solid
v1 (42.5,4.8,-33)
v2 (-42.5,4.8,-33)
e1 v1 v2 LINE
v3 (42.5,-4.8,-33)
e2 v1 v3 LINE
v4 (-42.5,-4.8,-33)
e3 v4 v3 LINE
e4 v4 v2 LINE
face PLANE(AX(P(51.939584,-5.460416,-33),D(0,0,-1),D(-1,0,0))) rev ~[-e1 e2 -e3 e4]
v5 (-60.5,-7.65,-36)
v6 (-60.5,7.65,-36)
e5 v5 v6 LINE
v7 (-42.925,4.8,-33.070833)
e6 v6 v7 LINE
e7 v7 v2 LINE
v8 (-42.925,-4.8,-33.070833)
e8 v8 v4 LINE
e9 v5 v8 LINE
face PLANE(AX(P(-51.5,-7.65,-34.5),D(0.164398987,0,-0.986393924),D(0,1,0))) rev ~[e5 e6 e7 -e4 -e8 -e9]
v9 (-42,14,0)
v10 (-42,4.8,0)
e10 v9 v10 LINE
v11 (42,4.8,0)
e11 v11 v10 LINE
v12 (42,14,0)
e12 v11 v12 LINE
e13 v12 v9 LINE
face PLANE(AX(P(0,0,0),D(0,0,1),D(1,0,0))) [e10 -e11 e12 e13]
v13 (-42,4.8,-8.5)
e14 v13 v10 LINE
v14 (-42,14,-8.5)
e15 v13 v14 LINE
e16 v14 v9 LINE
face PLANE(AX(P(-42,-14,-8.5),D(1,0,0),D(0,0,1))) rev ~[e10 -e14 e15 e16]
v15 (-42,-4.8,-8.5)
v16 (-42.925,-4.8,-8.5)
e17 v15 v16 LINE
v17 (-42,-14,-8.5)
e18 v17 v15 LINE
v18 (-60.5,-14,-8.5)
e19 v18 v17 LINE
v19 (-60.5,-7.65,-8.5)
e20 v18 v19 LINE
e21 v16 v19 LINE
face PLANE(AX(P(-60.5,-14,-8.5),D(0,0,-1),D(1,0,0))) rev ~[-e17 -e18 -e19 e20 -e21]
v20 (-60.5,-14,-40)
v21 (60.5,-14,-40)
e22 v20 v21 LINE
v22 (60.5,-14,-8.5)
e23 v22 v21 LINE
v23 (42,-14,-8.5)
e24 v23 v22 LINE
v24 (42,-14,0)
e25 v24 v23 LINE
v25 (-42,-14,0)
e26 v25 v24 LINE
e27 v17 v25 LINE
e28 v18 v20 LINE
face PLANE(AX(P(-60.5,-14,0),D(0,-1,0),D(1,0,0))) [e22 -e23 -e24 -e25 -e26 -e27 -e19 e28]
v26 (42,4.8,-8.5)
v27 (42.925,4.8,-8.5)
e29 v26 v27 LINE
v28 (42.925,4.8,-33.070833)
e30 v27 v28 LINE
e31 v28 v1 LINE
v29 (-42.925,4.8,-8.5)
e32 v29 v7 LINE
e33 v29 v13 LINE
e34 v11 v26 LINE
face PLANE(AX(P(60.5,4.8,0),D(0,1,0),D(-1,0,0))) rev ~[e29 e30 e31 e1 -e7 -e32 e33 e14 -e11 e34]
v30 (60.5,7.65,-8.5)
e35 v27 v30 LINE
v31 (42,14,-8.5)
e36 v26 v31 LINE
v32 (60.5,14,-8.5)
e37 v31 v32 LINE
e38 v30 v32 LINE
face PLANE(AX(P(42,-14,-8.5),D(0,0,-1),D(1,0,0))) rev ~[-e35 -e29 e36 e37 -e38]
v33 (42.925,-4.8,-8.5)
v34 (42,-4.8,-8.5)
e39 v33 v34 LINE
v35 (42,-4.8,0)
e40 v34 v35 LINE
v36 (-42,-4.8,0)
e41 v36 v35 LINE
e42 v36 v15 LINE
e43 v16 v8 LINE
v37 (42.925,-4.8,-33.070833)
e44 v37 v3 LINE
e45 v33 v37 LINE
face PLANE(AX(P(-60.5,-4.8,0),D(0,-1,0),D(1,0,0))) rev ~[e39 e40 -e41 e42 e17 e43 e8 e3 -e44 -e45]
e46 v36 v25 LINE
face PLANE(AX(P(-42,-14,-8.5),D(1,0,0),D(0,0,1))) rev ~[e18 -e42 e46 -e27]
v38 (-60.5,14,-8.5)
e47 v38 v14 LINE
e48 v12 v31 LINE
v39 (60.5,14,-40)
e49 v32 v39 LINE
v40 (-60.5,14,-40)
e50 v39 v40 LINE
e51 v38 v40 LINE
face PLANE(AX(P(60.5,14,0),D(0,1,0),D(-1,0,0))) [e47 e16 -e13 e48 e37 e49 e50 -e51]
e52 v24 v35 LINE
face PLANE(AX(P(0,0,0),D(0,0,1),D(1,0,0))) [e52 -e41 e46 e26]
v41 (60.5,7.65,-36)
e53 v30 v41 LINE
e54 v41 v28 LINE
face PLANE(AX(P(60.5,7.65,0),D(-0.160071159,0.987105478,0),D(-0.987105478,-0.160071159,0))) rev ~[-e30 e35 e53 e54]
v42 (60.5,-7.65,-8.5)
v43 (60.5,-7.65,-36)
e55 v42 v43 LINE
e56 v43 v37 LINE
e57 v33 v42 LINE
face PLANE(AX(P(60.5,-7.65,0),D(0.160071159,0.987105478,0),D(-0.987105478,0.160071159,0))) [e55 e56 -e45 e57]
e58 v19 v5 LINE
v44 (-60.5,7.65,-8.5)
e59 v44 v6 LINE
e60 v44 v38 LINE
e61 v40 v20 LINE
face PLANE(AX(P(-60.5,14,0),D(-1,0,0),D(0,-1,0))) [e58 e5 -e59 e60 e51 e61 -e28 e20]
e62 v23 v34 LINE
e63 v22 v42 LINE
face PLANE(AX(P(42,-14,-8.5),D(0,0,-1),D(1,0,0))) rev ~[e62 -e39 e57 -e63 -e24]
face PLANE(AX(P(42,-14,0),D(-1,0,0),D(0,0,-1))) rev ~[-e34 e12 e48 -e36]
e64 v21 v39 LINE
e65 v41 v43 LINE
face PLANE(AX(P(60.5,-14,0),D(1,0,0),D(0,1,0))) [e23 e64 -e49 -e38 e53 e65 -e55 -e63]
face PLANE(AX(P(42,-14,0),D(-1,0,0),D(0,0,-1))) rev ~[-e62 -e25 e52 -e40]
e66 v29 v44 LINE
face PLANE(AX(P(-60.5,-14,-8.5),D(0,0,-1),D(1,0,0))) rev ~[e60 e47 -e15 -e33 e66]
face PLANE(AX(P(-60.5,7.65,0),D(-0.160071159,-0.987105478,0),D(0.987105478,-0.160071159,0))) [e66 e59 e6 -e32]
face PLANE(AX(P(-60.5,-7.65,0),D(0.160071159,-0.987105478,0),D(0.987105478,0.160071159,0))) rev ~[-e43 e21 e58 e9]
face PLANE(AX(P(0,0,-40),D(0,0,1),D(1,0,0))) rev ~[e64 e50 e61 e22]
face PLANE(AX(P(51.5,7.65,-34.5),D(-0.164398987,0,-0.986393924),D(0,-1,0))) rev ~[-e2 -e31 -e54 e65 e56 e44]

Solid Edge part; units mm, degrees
sketch "Sketch1" plane through (0, 0, 0) normal (0, 0, 1) x (1, 0, 0)
  line L0 (-60.5, -14) -> (60.5, -14)
  line L1 (60.5, -14) -> (60.5, 14)
  line L2 (60.5, 14) -> (-60.5, 14)
  line L3 (-60.5, 14) -> (-60.5, -14)
extrude "Protrusion1" add sketch "Sketch1" against normal blind 40
sketch "Sketch2" plane through (0, -14, -20) normal (0, -1, 0) x (1, 0, 0)
  line L0 (60.5, 20) -> (42, 20)
  line L1 (42, 20) -> (42, 11.5)
  line L2 (42, 11.5) -> (60.5, 11.5)
  line L3 (60.5, 11.5) -> (60.5, 20)
extrude "ExtrudedCutout_11" cut sketch "Sketch2" against normal blind 28
sketch "Sketch3" plane through (0, -14, -20) normal (0, -1, 0) x (1, 0, 0)
  line L0 (-60.5, 11.5) -> (-42, 11.5)
  line L1 (-42, 11.5) -> (-42, 20)
  line L2 (-42, 20) -> (-60.5, 20)
  line L3 (-60.5, 20) -> (-60.5, 11.5)
extrude "ExtrudedCutout_12" cut sketch "Sketch3" against normal blind 28
sketch "Sketch4" plane through (0, 9.325, 0) normal (0, 0, 1) x (1, 0, 0)
  line L0 (60.5, -4.675) -> (60.5, -1.675)
  line L1 (60.5, -1.675) -> (42, -4.675)
  line L2 (42, -4.675) -> (60.5, -4.675)
extrude "ExtrudedCutout_23" cut sketch "Sketch4" against normal blind 33
sketch "Sketch5" plane through (0, -9.325, 0) normal (0, 0, 1) x (1, 0, 0)
  line L0 (60.5, 4.675) -> (60.5, 1.675)
  line L1 (60.5, 1.675) -> (42, 4.675)
  line L2 (42, 4.675) -> (60.5, 4.675)
  line L3 (-60.5, 13.975) -> (-60.5, 16.975)
  line L4 (-60.5, 16.975) -> (-42, 13.975)
  line L5 (-42, 13.975) -> (-60.5, 13.975)
extrude "ExtrudedCutout_24" cut sketch "Sketch5" against normal blind 33
sketch "Sketch6" plane through (0, -9.325, 0) normal (0, 0, 1) x (1, 0, 0)
  line L0 (-60.5, 4.675) -> (-60.5, 1.675)
  line L1 (-60.5, 1.675) -> (-42, 4.675)
  line L2 (-42, 4.675) -> (-60.5, 4.675)
extrude "ExtrudedCutout_26" cut sketch "Sketch6" against normal blind 33
sketch "Sketch7" plane through (0, 0, 0) normal (0, 0, 1) x (0, 1, 0)
  line L0 (-4.8, -60.5) -> (4.8, -60.5)
  line L1 (4.8, -60.5) -> (4.8, 60.5)
  line L2 (4.8, 60.5) -> (-4.8, 60.5)
  line L3 (-4.8, 60.5) -> (-4.8, -60.5)
extrude "ExtrudedCutout_27" cut sketch "Sketch7" against normal blind 33
chamfer "Chamfer_7" distance 3 distance2 18 1 edges at (60.5, 0, -33) measured on face at (60.5, -9.6133, -34.435)
chamfer "Chamfer_8" distance 3 distance2 18 1 edges at (-60.5, 0, -33) measured on face at (-60.5, 9.6133, -34.435)
